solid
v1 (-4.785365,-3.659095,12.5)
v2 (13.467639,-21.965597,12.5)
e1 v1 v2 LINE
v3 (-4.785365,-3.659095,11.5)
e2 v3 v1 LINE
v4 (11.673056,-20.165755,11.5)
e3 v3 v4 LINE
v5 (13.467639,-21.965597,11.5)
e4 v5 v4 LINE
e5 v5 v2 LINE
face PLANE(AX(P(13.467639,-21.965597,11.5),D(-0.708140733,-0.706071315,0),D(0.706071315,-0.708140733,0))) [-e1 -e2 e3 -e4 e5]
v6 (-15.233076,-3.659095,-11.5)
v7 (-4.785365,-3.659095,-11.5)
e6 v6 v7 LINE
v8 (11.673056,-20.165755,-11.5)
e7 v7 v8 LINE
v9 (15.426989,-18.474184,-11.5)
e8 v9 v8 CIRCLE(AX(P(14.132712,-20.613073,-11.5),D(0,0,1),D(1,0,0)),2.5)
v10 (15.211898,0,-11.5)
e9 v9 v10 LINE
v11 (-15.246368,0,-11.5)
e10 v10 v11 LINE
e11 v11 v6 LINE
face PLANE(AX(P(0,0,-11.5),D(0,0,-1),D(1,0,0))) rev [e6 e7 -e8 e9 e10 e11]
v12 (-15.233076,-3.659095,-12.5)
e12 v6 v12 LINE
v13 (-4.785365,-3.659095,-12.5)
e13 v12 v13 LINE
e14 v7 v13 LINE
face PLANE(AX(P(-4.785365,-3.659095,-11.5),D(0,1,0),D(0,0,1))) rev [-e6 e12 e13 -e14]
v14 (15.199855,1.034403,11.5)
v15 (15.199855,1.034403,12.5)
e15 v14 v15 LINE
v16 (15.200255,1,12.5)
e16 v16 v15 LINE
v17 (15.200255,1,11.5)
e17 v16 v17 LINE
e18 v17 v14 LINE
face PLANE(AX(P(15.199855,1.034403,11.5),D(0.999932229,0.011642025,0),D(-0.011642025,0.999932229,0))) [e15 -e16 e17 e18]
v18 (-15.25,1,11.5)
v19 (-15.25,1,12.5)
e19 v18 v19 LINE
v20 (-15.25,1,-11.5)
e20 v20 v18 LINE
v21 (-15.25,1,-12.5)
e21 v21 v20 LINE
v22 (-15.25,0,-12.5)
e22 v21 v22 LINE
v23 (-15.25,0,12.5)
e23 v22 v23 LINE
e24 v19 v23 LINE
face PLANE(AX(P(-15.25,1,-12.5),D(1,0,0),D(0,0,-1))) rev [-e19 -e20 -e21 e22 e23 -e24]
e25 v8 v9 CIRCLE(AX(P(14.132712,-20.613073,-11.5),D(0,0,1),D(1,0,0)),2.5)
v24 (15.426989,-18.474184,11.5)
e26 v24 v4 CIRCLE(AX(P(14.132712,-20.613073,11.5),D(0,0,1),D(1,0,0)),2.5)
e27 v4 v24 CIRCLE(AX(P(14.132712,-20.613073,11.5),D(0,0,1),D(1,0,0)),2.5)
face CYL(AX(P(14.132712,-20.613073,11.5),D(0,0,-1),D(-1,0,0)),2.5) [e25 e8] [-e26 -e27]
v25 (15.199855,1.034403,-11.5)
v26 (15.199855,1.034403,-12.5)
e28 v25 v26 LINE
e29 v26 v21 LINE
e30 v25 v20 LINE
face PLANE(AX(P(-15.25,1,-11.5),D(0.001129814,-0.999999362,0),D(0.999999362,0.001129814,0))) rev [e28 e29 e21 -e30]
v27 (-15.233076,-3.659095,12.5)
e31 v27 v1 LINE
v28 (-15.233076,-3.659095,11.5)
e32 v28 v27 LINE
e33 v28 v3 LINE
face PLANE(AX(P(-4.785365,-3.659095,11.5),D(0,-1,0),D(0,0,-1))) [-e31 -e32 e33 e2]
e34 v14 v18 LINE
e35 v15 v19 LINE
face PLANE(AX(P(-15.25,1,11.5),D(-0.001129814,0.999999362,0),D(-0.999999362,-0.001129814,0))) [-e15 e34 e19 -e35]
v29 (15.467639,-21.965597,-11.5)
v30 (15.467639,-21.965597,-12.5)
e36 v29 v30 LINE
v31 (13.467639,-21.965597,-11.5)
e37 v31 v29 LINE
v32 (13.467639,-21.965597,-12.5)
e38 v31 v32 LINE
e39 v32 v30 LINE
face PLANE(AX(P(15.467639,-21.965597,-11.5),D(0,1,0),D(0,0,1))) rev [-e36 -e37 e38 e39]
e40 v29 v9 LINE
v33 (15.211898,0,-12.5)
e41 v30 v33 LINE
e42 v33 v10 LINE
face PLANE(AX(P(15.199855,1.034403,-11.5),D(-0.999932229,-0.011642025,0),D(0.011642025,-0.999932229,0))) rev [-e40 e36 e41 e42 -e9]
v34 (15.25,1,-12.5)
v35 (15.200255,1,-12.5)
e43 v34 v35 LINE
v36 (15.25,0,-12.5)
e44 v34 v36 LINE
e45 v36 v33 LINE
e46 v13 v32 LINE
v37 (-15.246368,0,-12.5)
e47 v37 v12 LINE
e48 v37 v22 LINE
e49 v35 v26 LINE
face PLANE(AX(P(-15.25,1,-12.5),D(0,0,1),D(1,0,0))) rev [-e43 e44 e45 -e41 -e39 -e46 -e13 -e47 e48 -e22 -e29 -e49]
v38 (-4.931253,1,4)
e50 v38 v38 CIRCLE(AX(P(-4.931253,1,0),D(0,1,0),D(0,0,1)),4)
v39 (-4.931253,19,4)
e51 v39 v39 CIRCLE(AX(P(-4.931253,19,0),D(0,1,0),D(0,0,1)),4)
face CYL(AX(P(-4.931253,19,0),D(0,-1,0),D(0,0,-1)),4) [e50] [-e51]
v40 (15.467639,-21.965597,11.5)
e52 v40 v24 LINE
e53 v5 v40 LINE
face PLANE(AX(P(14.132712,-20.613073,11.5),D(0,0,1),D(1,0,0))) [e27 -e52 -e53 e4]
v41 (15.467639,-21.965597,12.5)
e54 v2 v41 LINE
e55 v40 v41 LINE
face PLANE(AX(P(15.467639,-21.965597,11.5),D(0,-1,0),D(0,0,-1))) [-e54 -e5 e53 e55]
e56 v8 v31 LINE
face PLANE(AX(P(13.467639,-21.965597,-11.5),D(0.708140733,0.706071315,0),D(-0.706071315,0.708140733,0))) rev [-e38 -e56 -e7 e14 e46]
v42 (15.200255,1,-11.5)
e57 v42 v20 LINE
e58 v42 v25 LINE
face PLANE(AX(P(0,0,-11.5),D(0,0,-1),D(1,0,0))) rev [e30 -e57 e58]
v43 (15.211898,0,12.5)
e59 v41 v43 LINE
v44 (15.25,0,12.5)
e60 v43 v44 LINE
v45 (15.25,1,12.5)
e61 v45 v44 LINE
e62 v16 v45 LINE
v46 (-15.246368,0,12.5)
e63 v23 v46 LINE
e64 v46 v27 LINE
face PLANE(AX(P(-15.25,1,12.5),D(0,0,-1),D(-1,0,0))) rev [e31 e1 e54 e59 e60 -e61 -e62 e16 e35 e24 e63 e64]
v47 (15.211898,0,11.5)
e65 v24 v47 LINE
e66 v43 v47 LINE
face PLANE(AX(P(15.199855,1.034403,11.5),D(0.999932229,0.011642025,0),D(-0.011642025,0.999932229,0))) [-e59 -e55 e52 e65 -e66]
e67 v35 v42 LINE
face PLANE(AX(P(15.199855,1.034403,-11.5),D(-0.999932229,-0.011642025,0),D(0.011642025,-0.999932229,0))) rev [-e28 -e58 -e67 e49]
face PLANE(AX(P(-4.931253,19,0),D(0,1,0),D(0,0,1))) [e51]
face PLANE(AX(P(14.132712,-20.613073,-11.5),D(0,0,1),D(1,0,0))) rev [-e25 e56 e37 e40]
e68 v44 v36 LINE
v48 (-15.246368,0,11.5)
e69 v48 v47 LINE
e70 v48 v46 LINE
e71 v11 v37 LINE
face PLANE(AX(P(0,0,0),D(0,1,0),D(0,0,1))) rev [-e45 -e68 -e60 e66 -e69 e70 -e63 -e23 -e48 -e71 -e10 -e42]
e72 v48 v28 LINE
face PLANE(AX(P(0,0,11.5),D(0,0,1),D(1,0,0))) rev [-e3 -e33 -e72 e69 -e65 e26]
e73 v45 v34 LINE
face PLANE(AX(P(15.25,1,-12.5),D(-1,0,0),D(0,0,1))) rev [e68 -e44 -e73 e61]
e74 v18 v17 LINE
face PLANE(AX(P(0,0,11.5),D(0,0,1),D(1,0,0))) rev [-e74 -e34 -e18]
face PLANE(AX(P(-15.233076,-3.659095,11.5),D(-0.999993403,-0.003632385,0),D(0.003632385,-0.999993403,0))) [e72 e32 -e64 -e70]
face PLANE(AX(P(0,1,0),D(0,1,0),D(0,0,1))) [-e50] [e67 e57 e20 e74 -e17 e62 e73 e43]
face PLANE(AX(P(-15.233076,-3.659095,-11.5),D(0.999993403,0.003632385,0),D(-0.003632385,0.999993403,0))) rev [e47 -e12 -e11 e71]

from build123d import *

# Parameters (mm, degrees)
ESQUISSE1_W        = 30.5
ESQUISSE1_H        = 25
BOSS_EXTRU_1_DEPTH = 1
BOSS_EXTRU_2_DEPTH = 1
ESQUISSE3_R        = 2.5
BOSS_EXTRU_3_DEPTH = 23
ESQUISSE4_R        = 4
BOSS_EXTRU_4_DEPTH = 18


with BuildPart() as part:
    # Esquisse1 → Boss.-Extru.1 (new body)
    with BuildSketch(Plane(origin=(0, 0, 0), x_dir=(1, 0, 0), z_dir=(0, 1, 0))):
        Rectangle(ESQUISSE1_W, ESQUISSE1_H)
    extrude(amount=BOSS_EXTRU_1_DEPTH)

    # Esquisse2 → Boss.-Extru.2 (add)
    with BuildSketch(Plane.XY.offset(12.5)):
        Polygon((15.199854564, 1.034402705), (15.467639278, -21.965597295), (13.467639278, -21.965597295), (-4.785365363, -3.659095072), (-15.23307626, -3.659095072), (-15.25, 1), align=None)
    boss_extru_2 = extrude(amount=-BOSS_EXTRU_2_DEPTH)

    # Symétrie1: Boss.-Extru.2 across plane
    add(boss_extru_2.mirror(Plane.XY))

    # Esquisse3 → Boss.-Extru.3 (add)
    with BuildSketch(Plane.XY.offset(-11.5)):
        with Locations(Location((14.132711903, -20.613073056, 0), (0, 0, 169.692708603))):
            Circle(ESQUISSE3_R)
    extrude(amount=BOSS_EXTRU_3_DEPTH)

    # Esquisse4 → Boss.-Extru.4 (add)
    with BuildSketch(Plane(origin=(0, 1, 0), x_dir=(1, 0, 0), z_dir=(0, 1, 0))):
        with Locations(Location((-4.931252749, 0, 0), (0, 0, 270))):
            Circle(ESQUISSE4_R)
    extrude(amount=BOSS_EXTRU_4_DEPTH)


solid = part.part
